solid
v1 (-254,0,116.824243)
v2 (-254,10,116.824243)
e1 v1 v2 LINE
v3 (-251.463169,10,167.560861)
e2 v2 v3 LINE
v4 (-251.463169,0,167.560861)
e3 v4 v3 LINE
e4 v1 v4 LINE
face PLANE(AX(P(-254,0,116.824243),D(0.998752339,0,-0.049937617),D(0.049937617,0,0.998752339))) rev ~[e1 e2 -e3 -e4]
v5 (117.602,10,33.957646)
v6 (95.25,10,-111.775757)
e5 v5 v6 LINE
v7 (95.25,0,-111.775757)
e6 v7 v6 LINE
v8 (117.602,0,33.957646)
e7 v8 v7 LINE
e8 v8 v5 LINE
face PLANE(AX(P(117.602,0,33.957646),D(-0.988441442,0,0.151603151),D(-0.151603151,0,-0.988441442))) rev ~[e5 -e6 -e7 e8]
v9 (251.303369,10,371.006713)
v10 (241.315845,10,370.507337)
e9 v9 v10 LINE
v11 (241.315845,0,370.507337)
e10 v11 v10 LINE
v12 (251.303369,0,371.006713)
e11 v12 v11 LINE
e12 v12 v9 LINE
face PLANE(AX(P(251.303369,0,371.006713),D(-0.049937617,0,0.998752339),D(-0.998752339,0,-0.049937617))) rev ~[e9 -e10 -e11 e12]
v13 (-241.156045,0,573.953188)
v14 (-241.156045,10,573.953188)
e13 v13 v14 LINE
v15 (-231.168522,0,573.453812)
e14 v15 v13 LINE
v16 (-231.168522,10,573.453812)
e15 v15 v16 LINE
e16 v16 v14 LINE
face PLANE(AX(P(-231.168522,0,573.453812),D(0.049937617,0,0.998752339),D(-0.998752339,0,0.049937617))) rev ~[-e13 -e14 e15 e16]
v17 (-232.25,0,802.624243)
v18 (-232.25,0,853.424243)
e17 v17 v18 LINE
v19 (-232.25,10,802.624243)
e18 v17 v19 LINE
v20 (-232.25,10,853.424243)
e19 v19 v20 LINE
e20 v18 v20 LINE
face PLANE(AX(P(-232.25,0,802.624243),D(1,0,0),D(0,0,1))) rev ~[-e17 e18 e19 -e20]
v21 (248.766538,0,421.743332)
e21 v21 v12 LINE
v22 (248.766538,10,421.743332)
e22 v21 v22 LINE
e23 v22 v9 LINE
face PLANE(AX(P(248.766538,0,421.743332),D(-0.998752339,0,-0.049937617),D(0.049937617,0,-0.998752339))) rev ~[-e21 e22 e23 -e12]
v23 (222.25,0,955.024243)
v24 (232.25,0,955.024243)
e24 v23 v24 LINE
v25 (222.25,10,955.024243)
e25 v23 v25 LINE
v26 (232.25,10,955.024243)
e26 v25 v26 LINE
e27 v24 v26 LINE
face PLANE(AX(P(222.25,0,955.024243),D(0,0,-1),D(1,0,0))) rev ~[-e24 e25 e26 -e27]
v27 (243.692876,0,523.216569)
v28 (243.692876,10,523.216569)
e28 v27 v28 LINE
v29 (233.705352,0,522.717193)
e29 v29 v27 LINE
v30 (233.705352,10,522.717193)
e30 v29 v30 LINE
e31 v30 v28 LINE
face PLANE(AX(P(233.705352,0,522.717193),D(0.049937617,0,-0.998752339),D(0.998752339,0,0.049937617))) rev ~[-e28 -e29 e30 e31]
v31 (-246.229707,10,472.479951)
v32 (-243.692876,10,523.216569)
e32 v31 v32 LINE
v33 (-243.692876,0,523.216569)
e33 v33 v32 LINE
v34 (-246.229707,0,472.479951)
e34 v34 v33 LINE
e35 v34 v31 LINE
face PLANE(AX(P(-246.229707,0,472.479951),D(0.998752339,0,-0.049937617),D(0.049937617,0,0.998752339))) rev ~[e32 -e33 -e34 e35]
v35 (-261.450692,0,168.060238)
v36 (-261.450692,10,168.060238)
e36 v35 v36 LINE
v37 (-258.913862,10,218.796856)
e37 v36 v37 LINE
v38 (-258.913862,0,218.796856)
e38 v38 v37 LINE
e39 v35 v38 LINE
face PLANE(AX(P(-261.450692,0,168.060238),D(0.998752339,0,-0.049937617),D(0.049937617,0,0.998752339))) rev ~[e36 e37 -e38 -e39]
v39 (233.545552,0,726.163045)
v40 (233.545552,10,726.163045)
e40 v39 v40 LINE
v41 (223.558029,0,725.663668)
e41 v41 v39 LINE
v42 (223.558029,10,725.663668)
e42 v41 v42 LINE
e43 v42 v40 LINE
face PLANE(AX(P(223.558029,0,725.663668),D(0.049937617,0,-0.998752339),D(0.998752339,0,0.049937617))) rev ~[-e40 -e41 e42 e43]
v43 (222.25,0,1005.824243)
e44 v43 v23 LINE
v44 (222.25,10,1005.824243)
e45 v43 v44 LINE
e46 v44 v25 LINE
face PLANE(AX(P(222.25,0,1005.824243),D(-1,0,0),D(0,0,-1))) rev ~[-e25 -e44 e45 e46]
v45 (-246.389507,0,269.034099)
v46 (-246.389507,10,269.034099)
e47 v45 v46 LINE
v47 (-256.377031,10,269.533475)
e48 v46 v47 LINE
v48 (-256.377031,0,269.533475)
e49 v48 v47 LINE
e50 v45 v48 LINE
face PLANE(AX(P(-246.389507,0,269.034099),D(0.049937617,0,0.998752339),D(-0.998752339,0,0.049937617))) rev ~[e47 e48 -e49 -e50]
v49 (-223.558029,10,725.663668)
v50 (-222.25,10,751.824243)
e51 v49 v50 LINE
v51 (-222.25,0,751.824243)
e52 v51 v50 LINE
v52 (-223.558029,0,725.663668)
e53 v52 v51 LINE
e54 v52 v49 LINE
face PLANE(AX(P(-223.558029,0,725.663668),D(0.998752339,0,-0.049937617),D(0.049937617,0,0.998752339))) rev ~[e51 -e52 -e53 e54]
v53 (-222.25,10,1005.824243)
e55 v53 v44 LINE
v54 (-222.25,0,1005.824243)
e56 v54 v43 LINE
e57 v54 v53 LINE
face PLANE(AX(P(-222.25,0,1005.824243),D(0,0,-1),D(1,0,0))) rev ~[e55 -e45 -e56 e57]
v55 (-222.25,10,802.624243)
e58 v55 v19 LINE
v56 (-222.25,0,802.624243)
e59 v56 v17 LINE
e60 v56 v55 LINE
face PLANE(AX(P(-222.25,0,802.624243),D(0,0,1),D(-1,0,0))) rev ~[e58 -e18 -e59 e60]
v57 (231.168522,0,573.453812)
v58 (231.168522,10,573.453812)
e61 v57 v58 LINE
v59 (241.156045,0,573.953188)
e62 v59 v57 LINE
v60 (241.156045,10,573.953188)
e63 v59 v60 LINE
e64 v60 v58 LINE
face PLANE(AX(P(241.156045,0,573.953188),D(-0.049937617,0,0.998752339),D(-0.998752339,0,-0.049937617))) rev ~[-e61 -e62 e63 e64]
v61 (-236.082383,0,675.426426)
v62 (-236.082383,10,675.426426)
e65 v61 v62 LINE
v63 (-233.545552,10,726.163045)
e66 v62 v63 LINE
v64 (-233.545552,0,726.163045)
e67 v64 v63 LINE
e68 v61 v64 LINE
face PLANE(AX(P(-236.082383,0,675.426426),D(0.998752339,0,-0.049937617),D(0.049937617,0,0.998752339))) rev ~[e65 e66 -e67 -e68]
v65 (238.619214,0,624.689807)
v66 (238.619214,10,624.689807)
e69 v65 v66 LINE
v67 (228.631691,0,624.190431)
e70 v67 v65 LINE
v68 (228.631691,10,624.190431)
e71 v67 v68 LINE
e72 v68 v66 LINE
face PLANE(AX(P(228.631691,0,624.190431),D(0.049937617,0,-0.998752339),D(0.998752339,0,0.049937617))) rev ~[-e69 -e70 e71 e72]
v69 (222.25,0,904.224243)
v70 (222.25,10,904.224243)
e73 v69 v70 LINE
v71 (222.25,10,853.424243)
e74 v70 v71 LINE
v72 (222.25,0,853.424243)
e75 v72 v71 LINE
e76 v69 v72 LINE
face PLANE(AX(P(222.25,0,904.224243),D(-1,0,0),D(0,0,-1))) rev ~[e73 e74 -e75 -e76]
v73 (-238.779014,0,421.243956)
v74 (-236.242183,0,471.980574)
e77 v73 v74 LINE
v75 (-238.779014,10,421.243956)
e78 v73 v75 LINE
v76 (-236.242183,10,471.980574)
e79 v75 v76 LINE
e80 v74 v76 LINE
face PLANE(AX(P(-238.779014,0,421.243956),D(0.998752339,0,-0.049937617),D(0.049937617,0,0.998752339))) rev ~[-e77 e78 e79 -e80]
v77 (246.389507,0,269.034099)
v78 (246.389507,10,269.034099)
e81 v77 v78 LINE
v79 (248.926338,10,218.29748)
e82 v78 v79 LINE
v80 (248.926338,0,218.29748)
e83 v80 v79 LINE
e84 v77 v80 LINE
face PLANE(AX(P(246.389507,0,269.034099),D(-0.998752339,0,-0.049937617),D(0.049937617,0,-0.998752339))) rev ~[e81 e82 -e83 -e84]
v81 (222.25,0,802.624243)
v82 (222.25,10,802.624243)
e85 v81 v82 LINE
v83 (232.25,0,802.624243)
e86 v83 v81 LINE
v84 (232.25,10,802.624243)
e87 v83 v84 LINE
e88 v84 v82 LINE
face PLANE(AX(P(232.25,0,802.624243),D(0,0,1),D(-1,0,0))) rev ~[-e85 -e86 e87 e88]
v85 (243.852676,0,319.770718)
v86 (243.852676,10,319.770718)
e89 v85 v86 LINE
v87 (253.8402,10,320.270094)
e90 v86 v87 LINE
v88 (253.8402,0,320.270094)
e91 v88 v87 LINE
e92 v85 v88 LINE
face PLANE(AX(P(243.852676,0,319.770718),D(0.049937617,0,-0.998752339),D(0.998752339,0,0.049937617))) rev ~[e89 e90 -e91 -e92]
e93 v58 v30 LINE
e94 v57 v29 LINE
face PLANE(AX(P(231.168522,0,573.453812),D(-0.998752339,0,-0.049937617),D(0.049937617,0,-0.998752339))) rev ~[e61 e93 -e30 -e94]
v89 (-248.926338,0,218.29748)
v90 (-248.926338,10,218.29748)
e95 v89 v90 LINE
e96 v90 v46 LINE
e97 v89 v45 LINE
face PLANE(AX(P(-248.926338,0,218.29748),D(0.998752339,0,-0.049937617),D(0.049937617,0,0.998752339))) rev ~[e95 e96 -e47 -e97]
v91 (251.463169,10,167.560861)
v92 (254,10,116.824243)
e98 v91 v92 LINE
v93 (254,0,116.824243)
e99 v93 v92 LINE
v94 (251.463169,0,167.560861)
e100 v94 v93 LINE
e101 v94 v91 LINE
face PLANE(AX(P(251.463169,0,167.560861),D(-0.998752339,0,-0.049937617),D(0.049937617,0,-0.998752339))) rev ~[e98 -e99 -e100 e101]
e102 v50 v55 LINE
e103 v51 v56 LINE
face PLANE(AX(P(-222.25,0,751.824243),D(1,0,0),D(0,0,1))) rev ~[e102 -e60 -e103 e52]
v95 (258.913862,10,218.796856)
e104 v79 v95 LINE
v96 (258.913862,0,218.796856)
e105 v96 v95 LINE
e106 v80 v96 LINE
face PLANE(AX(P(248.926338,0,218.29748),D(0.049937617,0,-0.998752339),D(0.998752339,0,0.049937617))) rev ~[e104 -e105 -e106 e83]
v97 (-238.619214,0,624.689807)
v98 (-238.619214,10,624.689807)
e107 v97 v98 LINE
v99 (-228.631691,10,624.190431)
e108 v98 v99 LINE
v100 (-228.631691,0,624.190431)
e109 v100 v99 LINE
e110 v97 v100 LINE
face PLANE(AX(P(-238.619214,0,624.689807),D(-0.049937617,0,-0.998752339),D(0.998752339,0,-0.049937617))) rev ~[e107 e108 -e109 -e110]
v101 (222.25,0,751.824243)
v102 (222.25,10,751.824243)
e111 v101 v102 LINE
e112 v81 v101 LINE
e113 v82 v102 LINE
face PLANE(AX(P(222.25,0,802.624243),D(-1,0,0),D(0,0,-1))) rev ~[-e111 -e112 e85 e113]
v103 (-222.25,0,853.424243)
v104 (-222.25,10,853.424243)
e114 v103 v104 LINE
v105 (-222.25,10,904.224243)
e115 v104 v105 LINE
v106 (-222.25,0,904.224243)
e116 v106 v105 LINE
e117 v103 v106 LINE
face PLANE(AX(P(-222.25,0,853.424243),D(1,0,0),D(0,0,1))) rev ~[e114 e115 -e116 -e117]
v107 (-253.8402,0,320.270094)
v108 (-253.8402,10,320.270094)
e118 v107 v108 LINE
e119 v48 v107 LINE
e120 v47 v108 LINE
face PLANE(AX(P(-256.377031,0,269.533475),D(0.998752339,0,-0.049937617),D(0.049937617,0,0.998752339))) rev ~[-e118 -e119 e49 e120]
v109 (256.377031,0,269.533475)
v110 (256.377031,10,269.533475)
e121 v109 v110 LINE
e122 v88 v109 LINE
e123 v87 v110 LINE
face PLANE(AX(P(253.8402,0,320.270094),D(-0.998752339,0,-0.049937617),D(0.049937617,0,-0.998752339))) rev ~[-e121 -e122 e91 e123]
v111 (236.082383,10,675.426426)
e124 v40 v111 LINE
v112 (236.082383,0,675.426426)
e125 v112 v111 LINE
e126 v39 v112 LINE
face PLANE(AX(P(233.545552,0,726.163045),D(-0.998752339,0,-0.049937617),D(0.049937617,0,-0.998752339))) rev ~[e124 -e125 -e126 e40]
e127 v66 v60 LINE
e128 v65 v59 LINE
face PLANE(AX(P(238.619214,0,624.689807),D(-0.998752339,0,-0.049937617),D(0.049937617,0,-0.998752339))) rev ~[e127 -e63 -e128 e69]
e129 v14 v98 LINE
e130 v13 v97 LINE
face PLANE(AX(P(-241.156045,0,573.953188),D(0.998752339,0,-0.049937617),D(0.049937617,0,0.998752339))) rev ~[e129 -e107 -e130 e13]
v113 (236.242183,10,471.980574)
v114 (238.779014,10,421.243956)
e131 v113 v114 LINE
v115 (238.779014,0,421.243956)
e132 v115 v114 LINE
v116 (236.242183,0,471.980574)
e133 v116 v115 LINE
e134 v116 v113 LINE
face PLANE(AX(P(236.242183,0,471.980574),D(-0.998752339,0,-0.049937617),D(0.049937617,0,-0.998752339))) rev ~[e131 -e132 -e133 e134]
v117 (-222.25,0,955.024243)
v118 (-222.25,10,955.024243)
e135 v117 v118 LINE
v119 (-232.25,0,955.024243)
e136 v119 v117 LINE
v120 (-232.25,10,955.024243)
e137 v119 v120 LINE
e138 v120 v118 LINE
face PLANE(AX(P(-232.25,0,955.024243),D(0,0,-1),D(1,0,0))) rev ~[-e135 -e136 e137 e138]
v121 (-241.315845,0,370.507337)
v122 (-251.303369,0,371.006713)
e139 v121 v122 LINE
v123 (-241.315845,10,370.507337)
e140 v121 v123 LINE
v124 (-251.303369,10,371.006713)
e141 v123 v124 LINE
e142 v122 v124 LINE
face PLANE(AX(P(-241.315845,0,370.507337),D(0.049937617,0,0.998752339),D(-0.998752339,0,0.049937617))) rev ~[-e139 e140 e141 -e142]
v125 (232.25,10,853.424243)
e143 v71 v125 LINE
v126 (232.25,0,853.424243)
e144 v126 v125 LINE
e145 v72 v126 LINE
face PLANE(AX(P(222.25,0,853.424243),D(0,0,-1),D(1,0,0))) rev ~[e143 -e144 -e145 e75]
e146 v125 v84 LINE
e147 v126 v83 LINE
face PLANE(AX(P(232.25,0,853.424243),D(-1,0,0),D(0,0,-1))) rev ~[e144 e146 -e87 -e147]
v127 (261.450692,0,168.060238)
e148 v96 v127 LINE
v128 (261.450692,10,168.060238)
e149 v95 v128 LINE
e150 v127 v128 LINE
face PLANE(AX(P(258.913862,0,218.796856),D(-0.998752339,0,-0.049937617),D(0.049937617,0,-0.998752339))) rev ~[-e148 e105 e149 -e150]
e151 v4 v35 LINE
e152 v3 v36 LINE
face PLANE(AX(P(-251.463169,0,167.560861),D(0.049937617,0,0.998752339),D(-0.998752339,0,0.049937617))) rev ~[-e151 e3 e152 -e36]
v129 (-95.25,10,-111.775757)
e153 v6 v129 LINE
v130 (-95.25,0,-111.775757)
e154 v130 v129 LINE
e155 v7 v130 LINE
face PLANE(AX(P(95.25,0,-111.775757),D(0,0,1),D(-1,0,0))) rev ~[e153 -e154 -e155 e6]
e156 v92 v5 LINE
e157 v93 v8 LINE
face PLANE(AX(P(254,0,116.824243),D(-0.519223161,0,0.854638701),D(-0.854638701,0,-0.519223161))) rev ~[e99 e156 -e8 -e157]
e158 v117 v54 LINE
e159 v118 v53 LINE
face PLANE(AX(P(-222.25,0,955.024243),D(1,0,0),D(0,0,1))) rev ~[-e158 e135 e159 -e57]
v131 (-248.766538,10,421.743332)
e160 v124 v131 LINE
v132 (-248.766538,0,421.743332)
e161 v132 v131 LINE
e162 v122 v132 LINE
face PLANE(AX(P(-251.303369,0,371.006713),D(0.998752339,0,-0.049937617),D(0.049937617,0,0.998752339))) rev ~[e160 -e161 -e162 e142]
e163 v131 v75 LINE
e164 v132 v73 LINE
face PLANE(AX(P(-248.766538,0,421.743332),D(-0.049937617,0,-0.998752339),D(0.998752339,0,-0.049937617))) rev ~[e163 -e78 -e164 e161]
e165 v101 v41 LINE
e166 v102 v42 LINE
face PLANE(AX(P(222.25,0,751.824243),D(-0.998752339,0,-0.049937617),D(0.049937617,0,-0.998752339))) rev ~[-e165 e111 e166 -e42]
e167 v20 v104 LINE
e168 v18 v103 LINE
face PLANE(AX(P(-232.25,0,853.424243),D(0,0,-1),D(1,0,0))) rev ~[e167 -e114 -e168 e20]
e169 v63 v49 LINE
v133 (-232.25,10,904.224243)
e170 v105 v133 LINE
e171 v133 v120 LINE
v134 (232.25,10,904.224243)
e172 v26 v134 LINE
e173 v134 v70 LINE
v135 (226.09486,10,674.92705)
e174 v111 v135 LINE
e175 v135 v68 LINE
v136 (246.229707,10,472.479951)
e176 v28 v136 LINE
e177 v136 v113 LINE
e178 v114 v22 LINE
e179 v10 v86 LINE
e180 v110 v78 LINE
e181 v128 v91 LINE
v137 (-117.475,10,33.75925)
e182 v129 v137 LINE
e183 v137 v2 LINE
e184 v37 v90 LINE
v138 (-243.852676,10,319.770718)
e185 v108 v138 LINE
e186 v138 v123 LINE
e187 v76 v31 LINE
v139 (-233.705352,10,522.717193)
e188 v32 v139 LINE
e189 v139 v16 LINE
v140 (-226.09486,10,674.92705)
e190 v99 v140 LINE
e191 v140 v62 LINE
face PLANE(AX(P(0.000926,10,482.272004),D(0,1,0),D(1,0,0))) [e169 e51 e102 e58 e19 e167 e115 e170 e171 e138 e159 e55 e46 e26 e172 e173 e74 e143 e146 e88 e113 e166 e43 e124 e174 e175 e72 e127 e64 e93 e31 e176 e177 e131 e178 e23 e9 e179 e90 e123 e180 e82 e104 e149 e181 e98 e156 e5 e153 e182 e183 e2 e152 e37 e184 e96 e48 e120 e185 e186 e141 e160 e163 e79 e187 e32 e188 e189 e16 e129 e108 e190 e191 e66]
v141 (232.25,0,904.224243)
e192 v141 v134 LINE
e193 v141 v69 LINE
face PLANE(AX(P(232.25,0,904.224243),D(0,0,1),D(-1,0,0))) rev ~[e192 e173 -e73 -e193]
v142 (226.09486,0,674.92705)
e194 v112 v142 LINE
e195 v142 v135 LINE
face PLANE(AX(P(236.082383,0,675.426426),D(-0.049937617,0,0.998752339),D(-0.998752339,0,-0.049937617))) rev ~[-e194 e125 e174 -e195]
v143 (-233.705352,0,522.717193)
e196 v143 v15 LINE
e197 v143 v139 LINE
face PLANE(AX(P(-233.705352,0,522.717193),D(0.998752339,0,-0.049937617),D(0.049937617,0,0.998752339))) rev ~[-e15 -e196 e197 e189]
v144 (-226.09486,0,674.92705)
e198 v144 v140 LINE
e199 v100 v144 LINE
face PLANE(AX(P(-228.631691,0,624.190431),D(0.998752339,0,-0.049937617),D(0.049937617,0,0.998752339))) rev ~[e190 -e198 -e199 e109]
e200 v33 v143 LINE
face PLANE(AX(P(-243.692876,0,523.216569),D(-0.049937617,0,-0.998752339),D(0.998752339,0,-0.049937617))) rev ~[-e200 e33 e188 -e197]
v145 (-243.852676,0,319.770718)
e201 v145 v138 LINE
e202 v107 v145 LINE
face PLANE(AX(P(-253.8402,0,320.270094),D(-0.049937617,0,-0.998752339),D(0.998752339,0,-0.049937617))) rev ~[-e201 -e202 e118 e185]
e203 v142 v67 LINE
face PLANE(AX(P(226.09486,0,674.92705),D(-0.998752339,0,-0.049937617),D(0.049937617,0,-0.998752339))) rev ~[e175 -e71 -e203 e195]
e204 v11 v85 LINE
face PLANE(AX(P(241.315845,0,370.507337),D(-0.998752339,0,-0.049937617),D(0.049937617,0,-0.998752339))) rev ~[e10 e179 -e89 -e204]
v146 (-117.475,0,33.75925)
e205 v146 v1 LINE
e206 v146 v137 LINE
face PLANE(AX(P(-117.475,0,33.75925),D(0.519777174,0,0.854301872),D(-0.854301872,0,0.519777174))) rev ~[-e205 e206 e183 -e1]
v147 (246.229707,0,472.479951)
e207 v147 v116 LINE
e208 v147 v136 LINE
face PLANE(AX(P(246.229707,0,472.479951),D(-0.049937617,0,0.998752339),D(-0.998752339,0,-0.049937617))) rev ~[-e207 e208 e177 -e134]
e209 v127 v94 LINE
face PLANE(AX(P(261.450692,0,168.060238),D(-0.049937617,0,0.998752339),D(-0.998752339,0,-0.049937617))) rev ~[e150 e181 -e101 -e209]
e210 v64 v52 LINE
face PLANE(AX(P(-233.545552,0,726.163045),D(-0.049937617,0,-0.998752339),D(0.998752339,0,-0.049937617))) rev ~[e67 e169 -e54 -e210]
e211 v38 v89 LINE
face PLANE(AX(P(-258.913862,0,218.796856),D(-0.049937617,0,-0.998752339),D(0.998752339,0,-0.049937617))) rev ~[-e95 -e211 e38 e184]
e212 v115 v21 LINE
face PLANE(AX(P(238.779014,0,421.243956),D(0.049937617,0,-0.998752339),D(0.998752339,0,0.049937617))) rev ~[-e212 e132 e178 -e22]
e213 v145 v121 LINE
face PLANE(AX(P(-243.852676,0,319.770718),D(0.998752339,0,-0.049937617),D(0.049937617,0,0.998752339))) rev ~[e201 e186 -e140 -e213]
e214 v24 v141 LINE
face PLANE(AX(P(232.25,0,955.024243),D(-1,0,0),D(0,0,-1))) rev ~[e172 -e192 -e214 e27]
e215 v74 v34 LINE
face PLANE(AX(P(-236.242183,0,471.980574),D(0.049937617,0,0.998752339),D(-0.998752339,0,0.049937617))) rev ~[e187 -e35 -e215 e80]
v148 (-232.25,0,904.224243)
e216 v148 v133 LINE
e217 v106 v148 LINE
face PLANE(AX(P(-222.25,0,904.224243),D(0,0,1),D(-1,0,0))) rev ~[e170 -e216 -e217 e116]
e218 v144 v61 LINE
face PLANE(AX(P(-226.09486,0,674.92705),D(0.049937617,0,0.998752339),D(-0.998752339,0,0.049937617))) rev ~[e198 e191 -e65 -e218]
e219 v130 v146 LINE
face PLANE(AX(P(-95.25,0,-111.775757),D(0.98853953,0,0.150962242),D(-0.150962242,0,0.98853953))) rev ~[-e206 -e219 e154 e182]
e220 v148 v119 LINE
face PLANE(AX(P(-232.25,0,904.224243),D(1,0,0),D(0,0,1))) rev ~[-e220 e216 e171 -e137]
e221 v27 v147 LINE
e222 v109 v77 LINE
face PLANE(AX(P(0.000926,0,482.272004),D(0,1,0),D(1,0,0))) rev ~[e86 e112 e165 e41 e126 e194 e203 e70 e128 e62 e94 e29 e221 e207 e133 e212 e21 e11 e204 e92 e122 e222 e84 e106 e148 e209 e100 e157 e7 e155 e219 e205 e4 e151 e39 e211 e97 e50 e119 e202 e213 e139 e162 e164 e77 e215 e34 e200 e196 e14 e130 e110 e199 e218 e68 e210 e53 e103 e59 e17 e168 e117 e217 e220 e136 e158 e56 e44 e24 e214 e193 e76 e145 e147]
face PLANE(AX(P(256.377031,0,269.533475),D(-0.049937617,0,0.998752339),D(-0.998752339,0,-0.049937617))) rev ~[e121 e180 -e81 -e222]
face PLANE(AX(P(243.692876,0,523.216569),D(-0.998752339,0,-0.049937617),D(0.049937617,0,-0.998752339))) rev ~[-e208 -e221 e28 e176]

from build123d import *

# Parameters (mm, degrees)
BOSS_EXTRUDE1_DEPTH = 10


with BuildPart() as part:
    # Sketch1 → Boss-Extrude1 (new body)
    with BuildSketch(Plane(origin=(0, 0, 0), x_dir=(1, 0, 0), z_dir=(0, 1, 0))):
        Polygon((-222.25, -751.824242644), (-222.25, -802.624242644), (-232.25, -802.624242644), (-232.25, -853.424242644), (-222.25, -853.424242644), (-222.25, -904.224242644), (-232.25, -904.224242644), (-232.25, -955.024242644), (-222.25, -955.024242644), (-222.25, -1005.824242644), (222.25, -1005.824242644), (222.25, -955.024242644), (232.25, -955.024242644), (232.25, -904.224242644), (222.25, -904.224242644), (222.25, -853.424242644), (232.25, -853.424242644), (232.25, -802.624242644), (222.25, -802.624242644), (222.25, -751.824242644), (223.558028711, -725.663668424), (233.5455521, -726.163044593), (236.082383041, -675.426425778), (226.094859652, -674.927049609), (228.631690593, -624.190430794), (238.619213981, -624.689806963), (241.156044922, -573.953188148), (231.168521533, -573.453811979), (233.705352474, -522.717193164), (243.692875863, -523.216569333), (246.229706804, -472.479950518), (236.242183415, -471.980574349), (238.779014356, -421.243955534), (248.766537744, -421.743331703), (251.303368685, -371.006712888), (241.315845296, -370.507336719), (243.852676237, -319.770717904), (253.840199626, -320.270094073), (256.377030567, -269.533475258), (246.389507178, -269.034099089), (248.926338119, -218.297480274), (258.913861507, -218.796856443), (261.450692448, -168.060237628), (251.463169059, -167.560861459), (254, -116.824242644), (117.602, -33.957645835), (95.25, 111.775757356), (-95.25, 111.775757356), (-117.475, -33.759249998), (-254, -116.824242644), (-251.463169059, -167.560861459), (-261.450692448, -168.060237628), (-258.913861507, -218.796856443), (-248.926338119, -218.297480274), (-246.389507178, -269.034099089), (-256.377030567, -269.533475258), (-253.840199626, -320.270094073), (-243.852676237, -319.770717904), (-241.315845296, -370.507336719), (-251.303368685, -371.006712888), (-248.766537744, -421.743331703), (-238.779014356, -421.243955534), (-236.242183415, -471.980574349), (-246.229706804, -472.479950518), (-243.692875863, -523.216569333), (-233.705352474, -522.717193164), (-231.168521533, -573.453811979), (-241.156044922, -573.953188148), (-238.619213981, -624.689806963), (-228.631690593, -624.190430794), (-226.094859652, -674.927049609), (-236.082383041, -675.426425778), (-233.5455521, -726.163044593), (-223.558028711, -725.663668424), align=None)
    extrude(amount=BOSS_EXTRUDE1_DEPTH)


solid = part.part
